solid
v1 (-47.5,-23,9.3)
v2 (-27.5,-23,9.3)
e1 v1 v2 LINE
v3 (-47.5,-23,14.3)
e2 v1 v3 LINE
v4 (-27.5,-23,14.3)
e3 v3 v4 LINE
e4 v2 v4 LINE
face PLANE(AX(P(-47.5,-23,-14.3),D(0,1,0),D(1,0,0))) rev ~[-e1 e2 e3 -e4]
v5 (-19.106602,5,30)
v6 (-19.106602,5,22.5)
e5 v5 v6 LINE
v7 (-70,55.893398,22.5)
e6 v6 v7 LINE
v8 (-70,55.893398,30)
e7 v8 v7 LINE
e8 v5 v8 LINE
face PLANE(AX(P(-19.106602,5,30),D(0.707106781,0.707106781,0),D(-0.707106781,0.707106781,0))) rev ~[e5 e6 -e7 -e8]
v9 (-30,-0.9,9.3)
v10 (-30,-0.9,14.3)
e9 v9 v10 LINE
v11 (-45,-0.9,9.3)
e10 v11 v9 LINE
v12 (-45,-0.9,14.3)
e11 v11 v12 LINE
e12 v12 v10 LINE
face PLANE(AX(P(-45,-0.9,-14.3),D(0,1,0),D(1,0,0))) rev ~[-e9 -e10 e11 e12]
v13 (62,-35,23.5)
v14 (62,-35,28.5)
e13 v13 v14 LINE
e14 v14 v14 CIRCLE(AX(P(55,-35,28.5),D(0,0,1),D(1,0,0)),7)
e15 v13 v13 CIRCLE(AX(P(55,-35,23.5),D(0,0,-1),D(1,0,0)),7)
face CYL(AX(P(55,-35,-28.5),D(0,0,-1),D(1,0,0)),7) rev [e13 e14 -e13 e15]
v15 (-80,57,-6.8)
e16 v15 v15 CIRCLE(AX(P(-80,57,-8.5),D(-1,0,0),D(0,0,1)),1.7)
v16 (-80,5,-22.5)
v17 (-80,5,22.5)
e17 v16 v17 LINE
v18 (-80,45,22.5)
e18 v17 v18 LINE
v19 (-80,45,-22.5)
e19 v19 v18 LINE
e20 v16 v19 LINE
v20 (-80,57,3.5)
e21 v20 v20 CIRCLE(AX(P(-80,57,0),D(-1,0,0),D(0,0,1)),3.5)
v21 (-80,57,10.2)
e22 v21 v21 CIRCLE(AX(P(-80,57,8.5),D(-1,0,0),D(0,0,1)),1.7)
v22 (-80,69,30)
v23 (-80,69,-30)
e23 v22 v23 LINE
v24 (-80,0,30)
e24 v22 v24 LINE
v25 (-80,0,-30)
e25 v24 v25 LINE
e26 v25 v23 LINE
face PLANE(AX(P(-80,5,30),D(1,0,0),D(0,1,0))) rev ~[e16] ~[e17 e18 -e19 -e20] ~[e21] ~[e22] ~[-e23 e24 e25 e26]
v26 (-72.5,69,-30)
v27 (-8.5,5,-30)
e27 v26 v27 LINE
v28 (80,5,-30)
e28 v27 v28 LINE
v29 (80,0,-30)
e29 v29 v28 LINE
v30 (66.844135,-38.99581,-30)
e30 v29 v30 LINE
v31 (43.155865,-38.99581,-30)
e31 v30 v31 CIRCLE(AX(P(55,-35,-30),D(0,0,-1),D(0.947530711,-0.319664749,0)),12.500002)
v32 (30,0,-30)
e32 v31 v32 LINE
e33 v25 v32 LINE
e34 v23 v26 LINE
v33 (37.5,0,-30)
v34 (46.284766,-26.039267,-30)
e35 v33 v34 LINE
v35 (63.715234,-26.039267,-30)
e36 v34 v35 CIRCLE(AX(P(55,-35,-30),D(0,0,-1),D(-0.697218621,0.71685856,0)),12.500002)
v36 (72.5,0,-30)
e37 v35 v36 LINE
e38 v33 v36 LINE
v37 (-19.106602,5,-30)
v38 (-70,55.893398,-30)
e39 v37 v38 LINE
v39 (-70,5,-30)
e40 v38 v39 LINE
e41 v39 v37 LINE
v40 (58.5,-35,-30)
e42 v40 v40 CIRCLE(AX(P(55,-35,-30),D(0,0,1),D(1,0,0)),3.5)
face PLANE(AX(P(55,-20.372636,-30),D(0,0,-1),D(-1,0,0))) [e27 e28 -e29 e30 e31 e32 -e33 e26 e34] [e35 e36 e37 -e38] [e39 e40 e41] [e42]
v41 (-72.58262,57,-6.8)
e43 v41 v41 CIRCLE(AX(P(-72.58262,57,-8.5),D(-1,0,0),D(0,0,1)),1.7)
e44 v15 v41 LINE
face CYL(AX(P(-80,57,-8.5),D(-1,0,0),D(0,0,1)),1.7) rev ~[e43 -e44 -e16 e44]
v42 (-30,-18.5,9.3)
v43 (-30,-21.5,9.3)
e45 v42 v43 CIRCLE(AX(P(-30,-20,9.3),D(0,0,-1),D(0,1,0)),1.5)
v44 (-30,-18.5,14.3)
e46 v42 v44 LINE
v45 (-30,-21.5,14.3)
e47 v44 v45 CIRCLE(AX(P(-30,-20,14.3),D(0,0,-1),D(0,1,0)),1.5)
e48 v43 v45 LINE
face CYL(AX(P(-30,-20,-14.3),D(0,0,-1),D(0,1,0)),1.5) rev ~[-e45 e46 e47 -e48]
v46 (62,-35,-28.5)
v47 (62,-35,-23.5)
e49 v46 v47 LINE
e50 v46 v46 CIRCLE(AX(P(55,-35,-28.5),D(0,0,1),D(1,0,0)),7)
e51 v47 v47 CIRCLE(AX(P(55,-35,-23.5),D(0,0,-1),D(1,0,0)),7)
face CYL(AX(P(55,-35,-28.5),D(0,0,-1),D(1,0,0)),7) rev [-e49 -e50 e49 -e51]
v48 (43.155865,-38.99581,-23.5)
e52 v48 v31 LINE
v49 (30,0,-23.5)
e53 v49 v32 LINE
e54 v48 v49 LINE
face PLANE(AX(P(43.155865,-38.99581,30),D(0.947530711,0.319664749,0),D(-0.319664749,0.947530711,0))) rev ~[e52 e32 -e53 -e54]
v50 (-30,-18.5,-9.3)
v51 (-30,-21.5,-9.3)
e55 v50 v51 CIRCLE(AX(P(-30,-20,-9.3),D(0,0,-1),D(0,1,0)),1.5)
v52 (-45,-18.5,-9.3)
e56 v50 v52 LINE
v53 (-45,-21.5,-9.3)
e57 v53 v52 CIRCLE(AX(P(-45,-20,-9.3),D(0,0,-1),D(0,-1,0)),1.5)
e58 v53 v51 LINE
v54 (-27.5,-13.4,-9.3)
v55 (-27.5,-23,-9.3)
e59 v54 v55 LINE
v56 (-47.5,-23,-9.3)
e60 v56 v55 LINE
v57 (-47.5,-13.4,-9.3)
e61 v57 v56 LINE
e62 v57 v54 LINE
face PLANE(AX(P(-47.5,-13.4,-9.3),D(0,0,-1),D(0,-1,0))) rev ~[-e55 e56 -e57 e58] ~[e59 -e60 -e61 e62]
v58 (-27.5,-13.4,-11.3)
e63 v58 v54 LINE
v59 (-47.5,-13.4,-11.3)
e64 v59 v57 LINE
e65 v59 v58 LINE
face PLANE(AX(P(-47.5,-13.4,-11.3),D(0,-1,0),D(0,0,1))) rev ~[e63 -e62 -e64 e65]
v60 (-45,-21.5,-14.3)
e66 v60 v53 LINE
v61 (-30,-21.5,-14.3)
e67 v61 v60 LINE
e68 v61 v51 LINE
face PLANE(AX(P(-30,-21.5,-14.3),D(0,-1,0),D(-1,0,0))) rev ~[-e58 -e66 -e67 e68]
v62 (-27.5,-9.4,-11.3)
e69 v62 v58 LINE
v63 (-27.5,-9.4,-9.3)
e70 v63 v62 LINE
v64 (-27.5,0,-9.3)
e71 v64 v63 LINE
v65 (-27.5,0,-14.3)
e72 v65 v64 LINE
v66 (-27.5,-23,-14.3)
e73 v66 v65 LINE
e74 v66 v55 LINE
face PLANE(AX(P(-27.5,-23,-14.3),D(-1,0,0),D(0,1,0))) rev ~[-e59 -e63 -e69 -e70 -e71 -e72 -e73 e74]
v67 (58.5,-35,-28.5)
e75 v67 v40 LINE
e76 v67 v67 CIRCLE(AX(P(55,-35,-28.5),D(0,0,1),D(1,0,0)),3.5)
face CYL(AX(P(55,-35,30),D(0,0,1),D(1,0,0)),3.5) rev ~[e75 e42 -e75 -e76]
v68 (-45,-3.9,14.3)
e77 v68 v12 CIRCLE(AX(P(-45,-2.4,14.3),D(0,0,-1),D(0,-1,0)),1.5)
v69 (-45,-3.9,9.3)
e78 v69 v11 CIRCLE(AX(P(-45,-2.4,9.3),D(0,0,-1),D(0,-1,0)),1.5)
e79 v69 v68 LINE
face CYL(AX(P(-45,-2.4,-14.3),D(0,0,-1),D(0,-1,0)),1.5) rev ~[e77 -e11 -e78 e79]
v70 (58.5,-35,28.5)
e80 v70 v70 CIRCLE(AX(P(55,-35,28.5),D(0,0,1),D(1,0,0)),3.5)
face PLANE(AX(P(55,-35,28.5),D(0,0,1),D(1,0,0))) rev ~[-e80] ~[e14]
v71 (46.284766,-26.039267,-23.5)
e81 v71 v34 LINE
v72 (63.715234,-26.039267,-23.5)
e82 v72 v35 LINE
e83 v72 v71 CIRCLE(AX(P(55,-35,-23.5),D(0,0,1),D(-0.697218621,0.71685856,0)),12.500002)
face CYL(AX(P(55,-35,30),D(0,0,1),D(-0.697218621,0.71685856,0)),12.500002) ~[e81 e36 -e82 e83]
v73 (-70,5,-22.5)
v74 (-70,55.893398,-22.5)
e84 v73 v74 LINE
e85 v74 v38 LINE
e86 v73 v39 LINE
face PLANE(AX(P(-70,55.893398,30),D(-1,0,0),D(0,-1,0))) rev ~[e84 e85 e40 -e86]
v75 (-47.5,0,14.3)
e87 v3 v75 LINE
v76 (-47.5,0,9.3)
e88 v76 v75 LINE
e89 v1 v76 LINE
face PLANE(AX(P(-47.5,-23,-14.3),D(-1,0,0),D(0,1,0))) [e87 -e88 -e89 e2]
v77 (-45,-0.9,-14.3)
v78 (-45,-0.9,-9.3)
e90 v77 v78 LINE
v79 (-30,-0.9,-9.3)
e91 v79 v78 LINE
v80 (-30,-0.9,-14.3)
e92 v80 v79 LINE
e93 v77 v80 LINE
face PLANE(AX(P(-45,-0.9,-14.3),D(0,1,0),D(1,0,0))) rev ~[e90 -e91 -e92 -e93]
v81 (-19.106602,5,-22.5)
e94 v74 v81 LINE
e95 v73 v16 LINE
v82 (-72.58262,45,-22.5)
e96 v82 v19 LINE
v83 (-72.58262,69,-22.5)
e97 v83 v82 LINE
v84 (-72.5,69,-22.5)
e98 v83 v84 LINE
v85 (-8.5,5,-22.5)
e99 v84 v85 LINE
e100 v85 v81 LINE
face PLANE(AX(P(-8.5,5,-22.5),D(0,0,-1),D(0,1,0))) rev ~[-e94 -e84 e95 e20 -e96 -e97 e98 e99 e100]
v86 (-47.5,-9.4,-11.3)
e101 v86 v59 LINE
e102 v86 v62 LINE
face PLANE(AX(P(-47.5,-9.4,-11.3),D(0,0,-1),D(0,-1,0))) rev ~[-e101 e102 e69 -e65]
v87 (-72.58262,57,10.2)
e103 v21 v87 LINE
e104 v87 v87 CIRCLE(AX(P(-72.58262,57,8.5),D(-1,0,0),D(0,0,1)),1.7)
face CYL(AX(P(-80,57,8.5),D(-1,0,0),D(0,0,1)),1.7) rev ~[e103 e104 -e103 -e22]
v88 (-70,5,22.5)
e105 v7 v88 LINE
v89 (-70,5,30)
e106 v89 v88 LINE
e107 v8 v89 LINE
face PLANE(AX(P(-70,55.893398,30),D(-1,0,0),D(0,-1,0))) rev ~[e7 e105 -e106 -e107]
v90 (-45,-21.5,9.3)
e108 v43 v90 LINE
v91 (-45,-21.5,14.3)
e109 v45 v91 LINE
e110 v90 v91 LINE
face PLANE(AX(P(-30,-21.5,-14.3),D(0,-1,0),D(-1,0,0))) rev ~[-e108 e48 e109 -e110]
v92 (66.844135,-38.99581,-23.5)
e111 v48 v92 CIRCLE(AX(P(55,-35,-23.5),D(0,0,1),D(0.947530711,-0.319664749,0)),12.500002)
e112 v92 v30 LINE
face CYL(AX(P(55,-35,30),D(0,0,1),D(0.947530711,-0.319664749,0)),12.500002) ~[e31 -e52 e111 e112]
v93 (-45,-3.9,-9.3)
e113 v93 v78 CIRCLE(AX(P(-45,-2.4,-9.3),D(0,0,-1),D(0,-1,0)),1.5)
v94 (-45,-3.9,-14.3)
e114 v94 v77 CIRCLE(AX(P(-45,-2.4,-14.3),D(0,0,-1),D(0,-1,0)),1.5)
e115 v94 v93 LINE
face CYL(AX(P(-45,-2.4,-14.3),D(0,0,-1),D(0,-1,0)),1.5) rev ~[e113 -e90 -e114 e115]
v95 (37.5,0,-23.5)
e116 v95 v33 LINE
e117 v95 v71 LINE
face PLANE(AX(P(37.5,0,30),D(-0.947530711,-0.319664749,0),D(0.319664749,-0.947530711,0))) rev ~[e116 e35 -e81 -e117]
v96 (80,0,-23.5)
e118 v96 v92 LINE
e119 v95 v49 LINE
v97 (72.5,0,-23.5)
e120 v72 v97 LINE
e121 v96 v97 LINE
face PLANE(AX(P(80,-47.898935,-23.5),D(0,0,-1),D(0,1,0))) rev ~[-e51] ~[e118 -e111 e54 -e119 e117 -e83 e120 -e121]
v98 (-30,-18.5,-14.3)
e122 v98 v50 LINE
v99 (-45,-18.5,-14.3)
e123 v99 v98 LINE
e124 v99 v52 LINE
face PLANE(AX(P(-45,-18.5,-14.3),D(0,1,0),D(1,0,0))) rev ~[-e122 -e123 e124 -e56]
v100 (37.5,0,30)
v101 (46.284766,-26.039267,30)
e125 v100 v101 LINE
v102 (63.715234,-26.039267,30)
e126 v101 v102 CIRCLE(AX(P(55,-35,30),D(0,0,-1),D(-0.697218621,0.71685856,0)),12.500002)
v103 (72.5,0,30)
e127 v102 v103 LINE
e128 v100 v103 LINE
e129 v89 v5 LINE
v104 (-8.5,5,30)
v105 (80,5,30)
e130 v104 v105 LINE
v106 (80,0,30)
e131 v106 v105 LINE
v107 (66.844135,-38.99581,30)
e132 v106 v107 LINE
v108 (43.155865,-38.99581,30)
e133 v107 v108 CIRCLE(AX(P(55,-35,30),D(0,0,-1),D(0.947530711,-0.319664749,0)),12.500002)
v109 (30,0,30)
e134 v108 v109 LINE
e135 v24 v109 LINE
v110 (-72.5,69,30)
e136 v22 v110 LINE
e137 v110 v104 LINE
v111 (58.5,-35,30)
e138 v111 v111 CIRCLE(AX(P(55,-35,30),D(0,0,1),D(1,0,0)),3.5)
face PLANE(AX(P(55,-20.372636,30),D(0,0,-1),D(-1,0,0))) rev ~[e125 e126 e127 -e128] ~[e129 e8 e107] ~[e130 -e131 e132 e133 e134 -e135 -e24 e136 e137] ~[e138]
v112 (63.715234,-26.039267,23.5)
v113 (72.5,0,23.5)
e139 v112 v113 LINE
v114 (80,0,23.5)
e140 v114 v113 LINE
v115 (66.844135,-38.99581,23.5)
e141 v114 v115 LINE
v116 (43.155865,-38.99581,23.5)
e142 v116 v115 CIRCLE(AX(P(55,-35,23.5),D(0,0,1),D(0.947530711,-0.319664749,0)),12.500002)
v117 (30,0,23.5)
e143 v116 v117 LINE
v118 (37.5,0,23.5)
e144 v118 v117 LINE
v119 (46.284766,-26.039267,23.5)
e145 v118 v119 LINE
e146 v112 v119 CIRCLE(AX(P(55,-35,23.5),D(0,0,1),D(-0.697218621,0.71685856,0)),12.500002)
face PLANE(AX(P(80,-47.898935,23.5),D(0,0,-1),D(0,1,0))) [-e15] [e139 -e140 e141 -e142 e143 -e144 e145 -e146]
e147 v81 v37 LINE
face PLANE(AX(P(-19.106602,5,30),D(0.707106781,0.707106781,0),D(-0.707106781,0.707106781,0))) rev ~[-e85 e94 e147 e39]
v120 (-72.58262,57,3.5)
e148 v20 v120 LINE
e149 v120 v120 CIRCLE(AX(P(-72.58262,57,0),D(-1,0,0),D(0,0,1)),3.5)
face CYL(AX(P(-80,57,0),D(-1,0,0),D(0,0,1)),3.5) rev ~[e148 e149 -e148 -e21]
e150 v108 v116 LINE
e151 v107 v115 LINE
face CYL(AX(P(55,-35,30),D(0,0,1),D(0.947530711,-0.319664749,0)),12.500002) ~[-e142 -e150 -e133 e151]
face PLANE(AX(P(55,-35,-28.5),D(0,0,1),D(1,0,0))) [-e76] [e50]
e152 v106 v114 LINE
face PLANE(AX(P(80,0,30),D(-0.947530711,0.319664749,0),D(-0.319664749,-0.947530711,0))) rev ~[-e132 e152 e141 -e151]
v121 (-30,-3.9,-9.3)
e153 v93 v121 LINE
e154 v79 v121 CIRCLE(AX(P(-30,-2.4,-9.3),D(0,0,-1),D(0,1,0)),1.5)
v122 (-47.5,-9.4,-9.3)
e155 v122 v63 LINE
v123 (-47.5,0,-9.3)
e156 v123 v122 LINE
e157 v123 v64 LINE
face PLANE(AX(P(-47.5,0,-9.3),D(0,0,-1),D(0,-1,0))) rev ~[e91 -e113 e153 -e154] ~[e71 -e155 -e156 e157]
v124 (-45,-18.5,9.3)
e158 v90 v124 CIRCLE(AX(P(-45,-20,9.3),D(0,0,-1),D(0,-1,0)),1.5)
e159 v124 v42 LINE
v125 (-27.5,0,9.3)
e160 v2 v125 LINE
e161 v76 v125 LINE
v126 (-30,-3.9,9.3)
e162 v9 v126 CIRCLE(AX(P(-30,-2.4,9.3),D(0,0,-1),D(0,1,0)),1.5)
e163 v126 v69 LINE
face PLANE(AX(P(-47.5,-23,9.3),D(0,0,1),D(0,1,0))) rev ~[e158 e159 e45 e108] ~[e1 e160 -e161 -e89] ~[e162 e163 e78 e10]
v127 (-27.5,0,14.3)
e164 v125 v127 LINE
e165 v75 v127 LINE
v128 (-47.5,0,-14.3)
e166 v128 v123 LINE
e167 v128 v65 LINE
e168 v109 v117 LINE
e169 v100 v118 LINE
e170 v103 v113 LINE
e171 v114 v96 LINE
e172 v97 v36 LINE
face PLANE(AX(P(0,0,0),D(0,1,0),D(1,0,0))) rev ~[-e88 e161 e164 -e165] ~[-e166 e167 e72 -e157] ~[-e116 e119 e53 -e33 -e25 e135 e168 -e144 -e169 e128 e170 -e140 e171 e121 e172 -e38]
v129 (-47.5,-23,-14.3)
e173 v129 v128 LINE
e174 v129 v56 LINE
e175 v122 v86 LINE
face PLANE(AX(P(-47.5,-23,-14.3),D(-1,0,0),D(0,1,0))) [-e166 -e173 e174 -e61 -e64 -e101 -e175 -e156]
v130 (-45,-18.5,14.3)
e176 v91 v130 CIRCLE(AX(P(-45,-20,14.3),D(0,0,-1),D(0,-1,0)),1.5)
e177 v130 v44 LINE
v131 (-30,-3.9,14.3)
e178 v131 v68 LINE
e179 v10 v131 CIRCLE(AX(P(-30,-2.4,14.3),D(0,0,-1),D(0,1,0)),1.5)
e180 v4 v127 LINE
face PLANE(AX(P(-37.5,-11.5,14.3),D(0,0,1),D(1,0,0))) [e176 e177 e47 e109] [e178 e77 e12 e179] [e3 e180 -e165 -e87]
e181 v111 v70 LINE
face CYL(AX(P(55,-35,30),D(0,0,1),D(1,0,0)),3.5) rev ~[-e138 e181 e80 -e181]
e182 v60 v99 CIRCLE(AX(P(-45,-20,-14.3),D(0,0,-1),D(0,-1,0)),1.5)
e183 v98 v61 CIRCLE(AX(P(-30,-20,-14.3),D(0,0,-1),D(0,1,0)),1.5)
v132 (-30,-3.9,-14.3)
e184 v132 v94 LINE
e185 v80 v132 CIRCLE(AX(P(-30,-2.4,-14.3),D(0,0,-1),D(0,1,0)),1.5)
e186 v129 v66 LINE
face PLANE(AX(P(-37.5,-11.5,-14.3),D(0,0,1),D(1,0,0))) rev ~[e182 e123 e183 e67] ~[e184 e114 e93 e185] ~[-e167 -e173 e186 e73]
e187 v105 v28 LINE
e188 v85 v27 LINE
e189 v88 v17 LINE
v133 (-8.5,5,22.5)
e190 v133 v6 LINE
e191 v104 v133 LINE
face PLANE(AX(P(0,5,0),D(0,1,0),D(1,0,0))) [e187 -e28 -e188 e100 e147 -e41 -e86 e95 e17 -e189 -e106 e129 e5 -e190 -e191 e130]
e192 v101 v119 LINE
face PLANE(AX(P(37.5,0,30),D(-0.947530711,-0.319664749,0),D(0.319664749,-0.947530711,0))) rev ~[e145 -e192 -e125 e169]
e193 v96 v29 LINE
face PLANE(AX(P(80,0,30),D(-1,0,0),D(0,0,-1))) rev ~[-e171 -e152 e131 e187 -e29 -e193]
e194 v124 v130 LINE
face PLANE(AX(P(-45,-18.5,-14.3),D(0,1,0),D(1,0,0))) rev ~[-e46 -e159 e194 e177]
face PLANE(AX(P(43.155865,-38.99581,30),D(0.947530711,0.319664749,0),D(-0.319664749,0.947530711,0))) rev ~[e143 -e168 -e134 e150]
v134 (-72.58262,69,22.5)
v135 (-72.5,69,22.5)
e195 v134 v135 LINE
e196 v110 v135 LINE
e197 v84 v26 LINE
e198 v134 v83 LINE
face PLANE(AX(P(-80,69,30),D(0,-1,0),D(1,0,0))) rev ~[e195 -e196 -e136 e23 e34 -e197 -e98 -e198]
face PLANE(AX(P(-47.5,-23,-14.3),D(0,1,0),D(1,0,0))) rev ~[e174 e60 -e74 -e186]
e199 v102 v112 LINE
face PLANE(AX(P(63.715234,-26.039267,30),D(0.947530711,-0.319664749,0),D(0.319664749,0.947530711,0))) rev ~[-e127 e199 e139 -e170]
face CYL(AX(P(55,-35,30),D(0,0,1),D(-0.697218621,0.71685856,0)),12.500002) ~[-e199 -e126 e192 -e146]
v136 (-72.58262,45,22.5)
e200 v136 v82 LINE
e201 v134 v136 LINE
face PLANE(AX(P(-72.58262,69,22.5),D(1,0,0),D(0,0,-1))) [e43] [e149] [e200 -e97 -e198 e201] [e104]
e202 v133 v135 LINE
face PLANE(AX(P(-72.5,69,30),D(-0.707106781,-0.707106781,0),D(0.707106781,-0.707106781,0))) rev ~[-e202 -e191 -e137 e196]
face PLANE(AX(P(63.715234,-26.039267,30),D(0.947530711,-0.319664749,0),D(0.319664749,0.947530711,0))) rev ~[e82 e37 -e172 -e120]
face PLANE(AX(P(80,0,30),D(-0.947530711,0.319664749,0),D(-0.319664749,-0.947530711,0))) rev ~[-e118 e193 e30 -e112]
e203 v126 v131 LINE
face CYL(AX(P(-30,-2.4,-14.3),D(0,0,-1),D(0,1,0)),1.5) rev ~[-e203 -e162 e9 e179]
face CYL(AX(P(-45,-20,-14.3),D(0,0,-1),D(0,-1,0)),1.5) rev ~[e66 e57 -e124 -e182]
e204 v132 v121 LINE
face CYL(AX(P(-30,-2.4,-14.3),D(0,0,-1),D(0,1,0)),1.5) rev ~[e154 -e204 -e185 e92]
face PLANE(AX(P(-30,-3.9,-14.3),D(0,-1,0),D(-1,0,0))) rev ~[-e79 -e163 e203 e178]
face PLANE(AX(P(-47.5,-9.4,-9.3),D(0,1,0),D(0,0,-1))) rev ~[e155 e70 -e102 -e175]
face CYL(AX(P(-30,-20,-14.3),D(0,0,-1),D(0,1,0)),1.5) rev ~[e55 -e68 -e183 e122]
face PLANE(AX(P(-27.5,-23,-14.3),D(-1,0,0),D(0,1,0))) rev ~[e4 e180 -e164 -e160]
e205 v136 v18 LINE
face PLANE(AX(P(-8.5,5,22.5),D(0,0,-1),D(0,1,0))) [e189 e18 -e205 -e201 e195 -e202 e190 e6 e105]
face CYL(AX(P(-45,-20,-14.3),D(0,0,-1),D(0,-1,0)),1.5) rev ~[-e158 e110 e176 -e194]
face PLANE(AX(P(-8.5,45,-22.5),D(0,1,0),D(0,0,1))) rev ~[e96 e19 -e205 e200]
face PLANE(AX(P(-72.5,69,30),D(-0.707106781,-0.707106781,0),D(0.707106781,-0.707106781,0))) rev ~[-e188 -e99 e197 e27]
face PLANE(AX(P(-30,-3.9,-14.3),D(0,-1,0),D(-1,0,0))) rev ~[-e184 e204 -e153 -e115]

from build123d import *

# Parameters (mm, degrees)
SKETCH1_W                = 160
SKETCH1_H                = 60
BOSS_EXTRUDE1_DEPTH      = 5
BOSS_EXTRUDE3_DEPTH      = 14.3
BOSS_EXTRUDE3_DEPTH_BACK = 14.3
SKETCH8_W                = 20
SKETCH8_H                = 23
CUT_EXTRUDE1_REACH       = 134.986
BOSS_EXTRUDE4_DEPTH      = 60
CUT_EXTRUDE2_START       = -71.5
SKETCH11_W               = 45
SKETCH11_H               = 40
CUT_EXTRUDE2_DEPTH       = 71.5
SKETCH12_W               = 24.082620142
SKETCH12_H               = 45
CUT_EXTRUDE3_DEPTH       = 24
SKETCH13_R               = 3.5
SKETCH13_R_2             = 1.7
CUT_EXTRUDE4_DEPTH       = 7.417379858
SKETCH14_R               = 3.5
BOSS_EXTRUDE5_DEPTH      = 60
SKETCH16_W               = 47
SKETCH16_H               = 47.898935067
CUT_EXTRUDE6_DEPTH       = 107.5
CUT_EXTRUDE7_DEPTH       = 28.5
CUT_EXTRUDE7_DEPTH_BACK  = 28.5
SKETCH17_R               = 7


with BuildPart() as part:
    # Sketch1 → Boss-Extrude1 (new body)
    with BuildSketch(Plane(origin=(0, 0, 0), x_dir=(1, 0, 0), z_dir=(0, 1, 0))):
        Rectangle(SKETCH1_W, SKETCH1_H)
    extrude(amount=BOSS_EXTRUDE1_DEPTH)

    # Sketch8 → Boss-Extrude3 (add, two sides: drawn at the far end of the back side and taken through both)
    with BuildSketch(Plane.XY.offset(-BOSS_EXTRUDE3_DEPTH_BACK)):
        with Locations((-37.5, -11.5)):
            Rectangle(SKETCH8_W, SKETCH8_H)
        with BuildLine():
            Line((-45, -18.5), (-30, -18.5))
            ThreePointArc((-30, -18.5), (-28.5, -20), (-30, -21.5))
            Line((-30, -21.5), (-45, -21.5))
            ThreePointArc((-45, -21.5), (-46.5, -20), (-45, -18.5))
        make_face(mode=Mode.SUBTRACT)
        with BuildLine():
            Line((-45, -0.9), (-30, -0.9))
            ThreePointArc((-30, -0.9), (-28.5, -2.4), (-30, -3.9))
            Line((-30, -3.9), (-45, -3.9))
            ThreePointArc((-45, -3.9), (-46.5, -2.4), (-45, -0.9))
        make_face(mode=Mode.SUBTRACT)
    extrude(amount=BOSS_EXTRUDE3_DEPTH + BOSS_EXTRUDE3_DEPTH_BACK)

    # Cut-Extrude1: up to this face of the body (flat: up to its plane)
    cut_extrude1_end = Plane(part.part.faces().sort_by_distance((-27.5, -11.5, 0))[0])
    # Sketch9 → Cut-Extrude1 (cut, up to the picked face)
    with BuildSketch(Plane.ZY.offset(47.5), mode=Mode.PRIVATE) as cut_extrude1_sk1:
        Polygon((-9.3, -23), (9.3, -23), (9.3, 0), (-9.3, 0), (-9.3, -9.4), (-11.3, -9.4), (-11.3, -13.4), (-9.3, -13.4), align=None)
    cut_extrude1_tool1 = split(extrude(cut_extrude1_sk1.sketch, amount=-CUT_EXTRUDE1_REACH, mode=Mode.PRIVATE), bisect_by=cut_extrude1_end, keep=Keep.BOTH, mode=Mode.PRIVATE)
    add(cut_extrude1_tool1.solids().sort_by(Axis((-47.5, -11.498164, -0.189078), (1, 0, 0)))[0], mode=Mode.SUBTRACT)

    # Sketch10 → Boss-Extrude4 (add)
    with BuildSketch(Plane.XY.offset(30)):
        Polygon((-72.5, 69), (-8.5, 5), (-19.106601718, 5), (-70, 55.893398282), (-70, 5), (-72.5, 5), (-80, 5), (-80, 69), align=None)
    extrude(amount=-BOSS_EXTRUDE4_DEPTH)

    # Sketch11 → Cut-Extrude2 (cut)
    with BuildSketch(Plane.ZY.offset(80).offset(CUT_EXTRUDE2_START)):
        with Locations((0, 25)):
            Rectangle(SKETCH11_W, SKETCH11_H)
    extrude(amount=CUT_EXTRUDE2_DEPTH, mode=Mode.SUBTRACT)

    # Sketch12 → Cut-Extrude3 (cut)
    with BuildSketch(Plane(origin=(0, 69, 0), x_dir=(1, 0, 0), z_dir=(0, 1, 0))):
        with Locations((-60.541310071, 0)):
            Rectangle(SKETCH12_W, SKETCH12_H)
    extrude(amount=-CUT_EXTRUDE3_DEPTH, mode=Mode.SUBTRACT)

    # Sketch13 → Cut-Extrude4 (cut)
    with BuildSketch(Plane.ZY.offset(80)):
        with Locations((0, 57)):
            Circle(SKETCH13_R)
        with Locations((-8.5, 57)):
            Circle(SKETCH13_R_2)
        with Locations((8.5, 57)):
            Circle(SKETCH13_R_2)
    extrude(amount=-CUT_EXTRUDE4_DEPTH, mode=Mode.SUBTRACT)

    # Sketch14 → Boss-Extrude5 (add)
    with BuildSketch(Plane.XY.offset(30)):
        with BuildLine():
            Line((80, 0), (66.844135363, -38.995809861))
            ThreePointArc((66.844135363, -38.995809861), (55, -47.500001557), (43.155864637, -38.995809861))
            Line((43.155864637, -38.995809861), (30, 0))
            Line((30, 0), (37.5, 0))
            Line((37.5, 0), (46.28476615, -26.03926689))
            ThreePointArc((46.28476615, -26.03926689), (55, -22.499998443), (63.71523385, -26.03926689))
            Line((63.71523385, -26.03926689), (72.5, 0))
            Line((72.5, 0), (80, 0))
        make_face()
        with Locations((55, -35)):
            Circle(SKETCH14_R, mode=Mode.SUBTRACT)
    extrude(amount=-BOSS_EXTRUDE5_DEPTH)

    # Sketch16 → Cut-Extrude6 (cut)
    with BuildSketch(Plane(origin=(80, 0, 0), x_dir=(0, 0, -1), z_dir=(1, 0, 0))):
        with Locations((0, -23.949467534)):
            Rectangle(SKETCH16_W, SKETCH16_H)
    extrude(amount=-CUT_EXTRUDE6_DEPTH, mode=Mode.SUBTRACT)

    # Sketch17 → Cut-Extrude7 (cut, two sides: drawn at the far end of the back side and taken through both)
    with BuildSketch(Plane.XY.offset(-CUT_EXTRUDE7_DEPTH_BACK)):
        with Locations((55, -35)):
            Circle(SKETCH17_R)
    extrude(amount=CUT_EXTRUDE7_DEPTH + CUT_EXTRUDE7_DEPTH_BACK, mode=Mode.SUBTRACT)


solid = part.part
